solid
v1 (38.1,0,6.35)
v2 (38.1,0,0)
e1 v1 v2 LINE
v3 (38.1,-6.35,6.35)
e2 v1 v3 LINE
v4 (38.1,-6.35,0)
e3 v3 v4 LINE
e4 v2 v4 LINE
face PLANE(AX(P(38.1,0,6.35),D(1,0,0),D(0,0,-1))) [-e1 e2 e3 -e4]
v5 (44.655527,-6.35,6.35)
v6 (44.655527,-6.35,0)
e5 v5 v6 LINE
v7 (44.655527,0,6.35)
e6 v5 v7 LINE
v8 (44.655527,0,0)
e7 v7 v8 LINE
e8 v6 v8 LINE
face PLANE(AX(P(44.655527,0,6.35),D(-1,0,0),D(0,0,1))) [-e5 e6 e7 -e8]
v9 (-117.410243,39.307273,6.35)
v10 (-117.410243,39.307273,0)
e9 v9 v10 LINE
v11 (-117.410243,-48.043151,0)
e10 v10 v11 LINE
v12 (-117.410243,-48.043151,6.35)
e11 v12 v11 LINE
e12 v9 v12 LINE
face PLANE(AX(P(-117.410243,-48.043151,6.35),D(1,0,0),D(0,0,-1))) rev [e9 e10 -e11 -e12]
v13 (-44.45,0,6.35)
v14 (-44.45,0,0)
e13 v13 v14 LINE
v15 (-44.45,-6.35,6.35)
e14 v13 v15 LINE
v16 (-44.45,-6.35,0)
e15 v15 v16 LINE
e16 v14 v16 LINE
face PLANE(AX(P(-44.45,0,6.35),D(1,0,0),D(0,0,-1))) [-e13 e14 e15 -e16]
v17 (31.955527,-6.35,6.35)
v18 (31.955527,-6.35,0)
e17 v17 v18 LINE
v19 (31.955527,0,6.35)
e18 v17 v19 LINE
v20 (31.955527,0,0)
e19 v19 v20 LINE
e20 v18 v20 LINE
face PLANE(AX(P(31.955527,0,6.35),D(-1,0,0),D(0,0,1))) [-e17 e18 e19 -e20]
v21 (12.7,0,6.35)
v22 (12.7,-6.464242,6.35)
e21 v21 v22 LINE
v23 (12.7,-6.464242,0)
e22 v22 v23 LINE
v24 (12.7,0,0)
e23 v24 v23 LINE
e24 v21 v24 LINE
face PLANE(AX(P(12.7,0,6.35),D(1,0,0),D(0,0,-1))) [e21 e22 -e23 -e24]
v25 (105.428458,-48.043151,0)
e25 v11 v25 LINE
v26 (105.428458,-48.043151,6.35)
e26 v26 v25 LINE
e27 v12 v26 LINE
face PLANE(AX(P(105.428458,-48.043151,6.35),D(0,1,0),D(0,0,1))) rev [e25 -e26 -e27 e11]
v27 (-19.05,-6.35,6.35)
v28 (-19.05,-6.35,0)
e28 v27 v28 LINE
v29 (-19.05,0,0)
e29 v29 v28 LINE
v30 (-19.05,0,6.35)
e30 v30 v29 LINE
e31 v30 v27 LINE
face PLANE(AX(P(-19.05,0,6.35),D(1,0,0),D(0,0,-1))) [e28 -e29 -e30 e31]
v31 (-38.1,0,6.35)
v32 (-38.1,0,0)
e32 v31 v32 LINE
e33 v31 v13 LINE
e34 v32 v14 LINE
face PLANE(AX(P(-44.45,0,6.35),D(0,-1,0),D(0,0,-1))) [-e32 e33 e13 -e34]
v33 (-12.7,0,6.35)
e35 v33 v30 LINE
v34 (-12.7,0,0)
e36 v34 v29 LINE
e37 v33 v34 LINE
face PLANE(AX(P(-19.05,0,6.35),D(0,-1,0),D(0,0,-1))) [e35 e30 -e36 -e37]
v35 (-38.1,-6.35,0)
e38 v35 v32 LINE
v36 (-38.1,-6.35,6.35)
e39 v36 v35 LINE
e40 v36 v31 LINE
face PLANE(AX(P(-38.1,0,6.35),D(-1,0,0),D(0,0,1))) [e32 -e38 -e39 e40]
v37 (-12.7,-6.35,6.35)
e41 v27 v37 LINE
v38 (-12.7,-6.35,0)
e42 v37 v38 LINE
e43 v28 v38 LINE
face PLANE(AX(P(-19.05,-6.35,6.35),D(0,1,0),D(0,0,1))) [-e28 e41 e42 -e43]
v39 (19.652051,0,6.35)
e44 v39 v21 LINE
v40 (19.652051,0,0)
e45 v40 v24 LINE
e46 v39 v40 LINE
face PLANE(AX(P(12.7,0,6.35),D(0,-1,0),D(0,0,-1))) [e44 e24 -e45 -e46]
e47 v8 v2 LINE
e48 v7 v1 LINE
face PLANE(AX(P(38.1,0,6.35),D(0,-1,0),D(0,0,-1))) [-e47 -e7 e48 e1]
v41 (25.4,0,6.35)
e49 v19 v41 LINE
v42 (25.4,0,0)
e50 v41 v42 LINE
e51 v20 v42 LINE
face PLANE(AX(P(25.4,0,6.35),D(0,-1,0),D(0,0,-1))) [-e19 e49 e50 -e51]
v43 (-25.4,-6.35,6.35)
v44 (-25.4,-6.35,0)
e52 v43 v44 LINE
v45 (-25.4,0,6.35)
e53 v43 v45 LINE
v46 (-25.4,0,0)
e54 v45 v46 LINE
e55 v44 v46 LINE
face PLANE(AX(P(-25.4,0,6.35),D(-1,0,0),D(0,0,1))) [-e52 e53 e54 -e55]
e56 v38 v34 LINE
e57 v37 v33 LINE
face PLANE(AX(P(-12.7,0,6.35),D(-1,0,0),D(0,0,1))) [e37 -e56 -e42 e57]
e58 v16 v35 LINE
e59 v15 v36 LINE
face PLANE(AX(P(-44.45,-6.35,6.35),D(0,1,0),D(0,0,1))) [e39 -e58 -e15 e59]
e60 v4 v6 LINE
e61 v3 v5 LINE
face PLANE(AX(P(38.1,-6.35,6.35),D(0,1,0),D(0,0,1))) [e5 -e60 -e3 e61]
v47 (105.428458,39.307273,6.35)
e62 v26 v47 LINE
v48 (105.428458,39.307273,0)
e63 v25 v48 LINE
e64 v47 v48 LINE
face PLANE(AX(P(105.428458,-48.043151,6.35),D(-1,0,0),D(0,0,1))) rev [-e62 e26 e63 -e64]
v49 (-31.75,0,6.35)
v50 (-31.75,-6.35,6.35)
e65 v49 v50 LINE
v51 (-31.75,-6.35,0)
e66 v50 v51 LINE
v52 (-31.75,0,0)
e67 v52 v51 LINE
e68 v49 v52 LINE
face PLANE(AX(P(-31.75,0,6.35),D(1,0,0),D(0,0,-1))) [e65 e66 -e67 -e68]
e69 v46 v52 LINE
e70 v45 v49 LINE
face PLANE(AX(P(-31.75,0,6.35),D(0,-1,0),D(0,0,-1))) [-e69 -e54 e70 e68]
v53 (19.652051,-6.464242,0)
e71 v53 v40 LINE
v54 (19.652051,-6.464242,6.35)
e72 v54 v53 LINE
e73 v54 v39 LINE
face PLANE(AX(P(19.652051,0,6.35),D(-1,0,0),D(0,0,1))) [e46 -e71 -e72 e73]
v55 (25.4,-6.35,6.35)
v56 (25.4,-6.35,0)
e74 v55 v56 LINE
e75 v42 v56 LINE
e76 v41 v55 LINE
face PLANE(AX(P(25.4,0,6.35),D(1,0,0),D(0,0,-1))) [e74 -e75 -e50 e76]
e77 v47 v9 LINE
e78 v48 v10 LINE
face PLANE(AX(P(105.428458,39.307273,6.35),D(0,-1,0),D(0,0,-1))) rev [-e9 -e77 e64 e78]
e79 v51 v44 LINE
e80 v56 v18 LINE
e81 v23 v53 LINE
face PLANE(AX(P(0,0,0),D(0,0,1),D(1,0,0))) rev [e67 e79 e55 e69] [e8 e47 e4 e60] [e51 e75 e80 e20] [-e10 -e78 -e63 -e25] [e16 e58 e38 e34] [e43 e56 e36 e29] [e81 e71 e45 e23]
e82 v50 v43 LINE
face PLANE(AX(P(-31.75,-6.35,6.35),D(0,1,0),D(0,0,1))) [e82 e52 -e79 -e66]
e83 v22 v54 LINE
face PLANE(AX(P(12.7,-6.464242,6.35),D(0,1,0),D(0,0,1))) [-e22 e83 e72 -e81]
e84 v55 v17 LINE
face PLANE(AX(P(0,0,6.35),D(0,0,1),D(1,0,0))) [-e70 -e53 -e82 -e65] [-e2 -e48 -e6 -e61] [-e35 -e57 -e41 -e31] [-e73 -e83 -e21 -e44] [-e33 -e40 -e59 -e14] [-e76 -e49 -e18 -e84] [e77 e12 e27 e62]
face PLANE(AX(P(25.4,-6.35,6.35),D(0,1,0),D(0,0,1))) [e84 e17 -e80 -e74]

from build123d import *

# Parameters (mm, degrees)
SKETCH2_W           = 222.838700845
SKETCH2_H           = 87.350424545
SKETCH2_W_2         = 6.35
SKETCH2_H_2         = 6.35
SKETCH2_W_3         = 6.952051191
SKETCH2_H_3         = 6.464241918
SKETCH2_W_4         = 6.555527472
BOSS_EXTRUDE1_DEPTH = 6.35


with BuildPart() as part:
    # Sketch2 → Boss-Extrude1 (new body)
    with BuildSketch(Plane.XY):
        with Locations((-5.990892188, -4.367938815)):
            Rectangle(SKETCH2_W, SKETCH2_H)
        with Locations((-41.275000024, -3.175)):
            Rectangle(SKETCH2_W_2, SKETCH2_H_2, mode=Mode.SUBTRACT)
        with Locations((-28.575000024, -3.175)):
            Rectangle(SKETCH2_W_2, SKETCH2_H_2, mode=Mode.SUBTRACT)
        with Locations((-15.875000024, -3.175)):
            Rectangle(SKETCH2_W_2, SKETCH2_H_2, mode=Mode.SUBTRACT)
        with Locations((16.176025571, -3.232120959)):
            Rectangle(SKETCH2_W_3, SKETCH2_H_3, mode=Mode.SUBTRACT)
        with Locations((28.677763712, -3.175)):
            Rectangle(SKETCH2_W_4, SKETCH2_H_2, mode=Mode.SUBTRACT)
        with Locations((41.377763712, -3.175)):
            Rectangle(SKETCH2_W_4, SKETCH2_H_2, mode=Mode.SUBTRACT)
    extrude(amount=BOSS_EXTRUDE1_DEPTH)


solid = part.part
